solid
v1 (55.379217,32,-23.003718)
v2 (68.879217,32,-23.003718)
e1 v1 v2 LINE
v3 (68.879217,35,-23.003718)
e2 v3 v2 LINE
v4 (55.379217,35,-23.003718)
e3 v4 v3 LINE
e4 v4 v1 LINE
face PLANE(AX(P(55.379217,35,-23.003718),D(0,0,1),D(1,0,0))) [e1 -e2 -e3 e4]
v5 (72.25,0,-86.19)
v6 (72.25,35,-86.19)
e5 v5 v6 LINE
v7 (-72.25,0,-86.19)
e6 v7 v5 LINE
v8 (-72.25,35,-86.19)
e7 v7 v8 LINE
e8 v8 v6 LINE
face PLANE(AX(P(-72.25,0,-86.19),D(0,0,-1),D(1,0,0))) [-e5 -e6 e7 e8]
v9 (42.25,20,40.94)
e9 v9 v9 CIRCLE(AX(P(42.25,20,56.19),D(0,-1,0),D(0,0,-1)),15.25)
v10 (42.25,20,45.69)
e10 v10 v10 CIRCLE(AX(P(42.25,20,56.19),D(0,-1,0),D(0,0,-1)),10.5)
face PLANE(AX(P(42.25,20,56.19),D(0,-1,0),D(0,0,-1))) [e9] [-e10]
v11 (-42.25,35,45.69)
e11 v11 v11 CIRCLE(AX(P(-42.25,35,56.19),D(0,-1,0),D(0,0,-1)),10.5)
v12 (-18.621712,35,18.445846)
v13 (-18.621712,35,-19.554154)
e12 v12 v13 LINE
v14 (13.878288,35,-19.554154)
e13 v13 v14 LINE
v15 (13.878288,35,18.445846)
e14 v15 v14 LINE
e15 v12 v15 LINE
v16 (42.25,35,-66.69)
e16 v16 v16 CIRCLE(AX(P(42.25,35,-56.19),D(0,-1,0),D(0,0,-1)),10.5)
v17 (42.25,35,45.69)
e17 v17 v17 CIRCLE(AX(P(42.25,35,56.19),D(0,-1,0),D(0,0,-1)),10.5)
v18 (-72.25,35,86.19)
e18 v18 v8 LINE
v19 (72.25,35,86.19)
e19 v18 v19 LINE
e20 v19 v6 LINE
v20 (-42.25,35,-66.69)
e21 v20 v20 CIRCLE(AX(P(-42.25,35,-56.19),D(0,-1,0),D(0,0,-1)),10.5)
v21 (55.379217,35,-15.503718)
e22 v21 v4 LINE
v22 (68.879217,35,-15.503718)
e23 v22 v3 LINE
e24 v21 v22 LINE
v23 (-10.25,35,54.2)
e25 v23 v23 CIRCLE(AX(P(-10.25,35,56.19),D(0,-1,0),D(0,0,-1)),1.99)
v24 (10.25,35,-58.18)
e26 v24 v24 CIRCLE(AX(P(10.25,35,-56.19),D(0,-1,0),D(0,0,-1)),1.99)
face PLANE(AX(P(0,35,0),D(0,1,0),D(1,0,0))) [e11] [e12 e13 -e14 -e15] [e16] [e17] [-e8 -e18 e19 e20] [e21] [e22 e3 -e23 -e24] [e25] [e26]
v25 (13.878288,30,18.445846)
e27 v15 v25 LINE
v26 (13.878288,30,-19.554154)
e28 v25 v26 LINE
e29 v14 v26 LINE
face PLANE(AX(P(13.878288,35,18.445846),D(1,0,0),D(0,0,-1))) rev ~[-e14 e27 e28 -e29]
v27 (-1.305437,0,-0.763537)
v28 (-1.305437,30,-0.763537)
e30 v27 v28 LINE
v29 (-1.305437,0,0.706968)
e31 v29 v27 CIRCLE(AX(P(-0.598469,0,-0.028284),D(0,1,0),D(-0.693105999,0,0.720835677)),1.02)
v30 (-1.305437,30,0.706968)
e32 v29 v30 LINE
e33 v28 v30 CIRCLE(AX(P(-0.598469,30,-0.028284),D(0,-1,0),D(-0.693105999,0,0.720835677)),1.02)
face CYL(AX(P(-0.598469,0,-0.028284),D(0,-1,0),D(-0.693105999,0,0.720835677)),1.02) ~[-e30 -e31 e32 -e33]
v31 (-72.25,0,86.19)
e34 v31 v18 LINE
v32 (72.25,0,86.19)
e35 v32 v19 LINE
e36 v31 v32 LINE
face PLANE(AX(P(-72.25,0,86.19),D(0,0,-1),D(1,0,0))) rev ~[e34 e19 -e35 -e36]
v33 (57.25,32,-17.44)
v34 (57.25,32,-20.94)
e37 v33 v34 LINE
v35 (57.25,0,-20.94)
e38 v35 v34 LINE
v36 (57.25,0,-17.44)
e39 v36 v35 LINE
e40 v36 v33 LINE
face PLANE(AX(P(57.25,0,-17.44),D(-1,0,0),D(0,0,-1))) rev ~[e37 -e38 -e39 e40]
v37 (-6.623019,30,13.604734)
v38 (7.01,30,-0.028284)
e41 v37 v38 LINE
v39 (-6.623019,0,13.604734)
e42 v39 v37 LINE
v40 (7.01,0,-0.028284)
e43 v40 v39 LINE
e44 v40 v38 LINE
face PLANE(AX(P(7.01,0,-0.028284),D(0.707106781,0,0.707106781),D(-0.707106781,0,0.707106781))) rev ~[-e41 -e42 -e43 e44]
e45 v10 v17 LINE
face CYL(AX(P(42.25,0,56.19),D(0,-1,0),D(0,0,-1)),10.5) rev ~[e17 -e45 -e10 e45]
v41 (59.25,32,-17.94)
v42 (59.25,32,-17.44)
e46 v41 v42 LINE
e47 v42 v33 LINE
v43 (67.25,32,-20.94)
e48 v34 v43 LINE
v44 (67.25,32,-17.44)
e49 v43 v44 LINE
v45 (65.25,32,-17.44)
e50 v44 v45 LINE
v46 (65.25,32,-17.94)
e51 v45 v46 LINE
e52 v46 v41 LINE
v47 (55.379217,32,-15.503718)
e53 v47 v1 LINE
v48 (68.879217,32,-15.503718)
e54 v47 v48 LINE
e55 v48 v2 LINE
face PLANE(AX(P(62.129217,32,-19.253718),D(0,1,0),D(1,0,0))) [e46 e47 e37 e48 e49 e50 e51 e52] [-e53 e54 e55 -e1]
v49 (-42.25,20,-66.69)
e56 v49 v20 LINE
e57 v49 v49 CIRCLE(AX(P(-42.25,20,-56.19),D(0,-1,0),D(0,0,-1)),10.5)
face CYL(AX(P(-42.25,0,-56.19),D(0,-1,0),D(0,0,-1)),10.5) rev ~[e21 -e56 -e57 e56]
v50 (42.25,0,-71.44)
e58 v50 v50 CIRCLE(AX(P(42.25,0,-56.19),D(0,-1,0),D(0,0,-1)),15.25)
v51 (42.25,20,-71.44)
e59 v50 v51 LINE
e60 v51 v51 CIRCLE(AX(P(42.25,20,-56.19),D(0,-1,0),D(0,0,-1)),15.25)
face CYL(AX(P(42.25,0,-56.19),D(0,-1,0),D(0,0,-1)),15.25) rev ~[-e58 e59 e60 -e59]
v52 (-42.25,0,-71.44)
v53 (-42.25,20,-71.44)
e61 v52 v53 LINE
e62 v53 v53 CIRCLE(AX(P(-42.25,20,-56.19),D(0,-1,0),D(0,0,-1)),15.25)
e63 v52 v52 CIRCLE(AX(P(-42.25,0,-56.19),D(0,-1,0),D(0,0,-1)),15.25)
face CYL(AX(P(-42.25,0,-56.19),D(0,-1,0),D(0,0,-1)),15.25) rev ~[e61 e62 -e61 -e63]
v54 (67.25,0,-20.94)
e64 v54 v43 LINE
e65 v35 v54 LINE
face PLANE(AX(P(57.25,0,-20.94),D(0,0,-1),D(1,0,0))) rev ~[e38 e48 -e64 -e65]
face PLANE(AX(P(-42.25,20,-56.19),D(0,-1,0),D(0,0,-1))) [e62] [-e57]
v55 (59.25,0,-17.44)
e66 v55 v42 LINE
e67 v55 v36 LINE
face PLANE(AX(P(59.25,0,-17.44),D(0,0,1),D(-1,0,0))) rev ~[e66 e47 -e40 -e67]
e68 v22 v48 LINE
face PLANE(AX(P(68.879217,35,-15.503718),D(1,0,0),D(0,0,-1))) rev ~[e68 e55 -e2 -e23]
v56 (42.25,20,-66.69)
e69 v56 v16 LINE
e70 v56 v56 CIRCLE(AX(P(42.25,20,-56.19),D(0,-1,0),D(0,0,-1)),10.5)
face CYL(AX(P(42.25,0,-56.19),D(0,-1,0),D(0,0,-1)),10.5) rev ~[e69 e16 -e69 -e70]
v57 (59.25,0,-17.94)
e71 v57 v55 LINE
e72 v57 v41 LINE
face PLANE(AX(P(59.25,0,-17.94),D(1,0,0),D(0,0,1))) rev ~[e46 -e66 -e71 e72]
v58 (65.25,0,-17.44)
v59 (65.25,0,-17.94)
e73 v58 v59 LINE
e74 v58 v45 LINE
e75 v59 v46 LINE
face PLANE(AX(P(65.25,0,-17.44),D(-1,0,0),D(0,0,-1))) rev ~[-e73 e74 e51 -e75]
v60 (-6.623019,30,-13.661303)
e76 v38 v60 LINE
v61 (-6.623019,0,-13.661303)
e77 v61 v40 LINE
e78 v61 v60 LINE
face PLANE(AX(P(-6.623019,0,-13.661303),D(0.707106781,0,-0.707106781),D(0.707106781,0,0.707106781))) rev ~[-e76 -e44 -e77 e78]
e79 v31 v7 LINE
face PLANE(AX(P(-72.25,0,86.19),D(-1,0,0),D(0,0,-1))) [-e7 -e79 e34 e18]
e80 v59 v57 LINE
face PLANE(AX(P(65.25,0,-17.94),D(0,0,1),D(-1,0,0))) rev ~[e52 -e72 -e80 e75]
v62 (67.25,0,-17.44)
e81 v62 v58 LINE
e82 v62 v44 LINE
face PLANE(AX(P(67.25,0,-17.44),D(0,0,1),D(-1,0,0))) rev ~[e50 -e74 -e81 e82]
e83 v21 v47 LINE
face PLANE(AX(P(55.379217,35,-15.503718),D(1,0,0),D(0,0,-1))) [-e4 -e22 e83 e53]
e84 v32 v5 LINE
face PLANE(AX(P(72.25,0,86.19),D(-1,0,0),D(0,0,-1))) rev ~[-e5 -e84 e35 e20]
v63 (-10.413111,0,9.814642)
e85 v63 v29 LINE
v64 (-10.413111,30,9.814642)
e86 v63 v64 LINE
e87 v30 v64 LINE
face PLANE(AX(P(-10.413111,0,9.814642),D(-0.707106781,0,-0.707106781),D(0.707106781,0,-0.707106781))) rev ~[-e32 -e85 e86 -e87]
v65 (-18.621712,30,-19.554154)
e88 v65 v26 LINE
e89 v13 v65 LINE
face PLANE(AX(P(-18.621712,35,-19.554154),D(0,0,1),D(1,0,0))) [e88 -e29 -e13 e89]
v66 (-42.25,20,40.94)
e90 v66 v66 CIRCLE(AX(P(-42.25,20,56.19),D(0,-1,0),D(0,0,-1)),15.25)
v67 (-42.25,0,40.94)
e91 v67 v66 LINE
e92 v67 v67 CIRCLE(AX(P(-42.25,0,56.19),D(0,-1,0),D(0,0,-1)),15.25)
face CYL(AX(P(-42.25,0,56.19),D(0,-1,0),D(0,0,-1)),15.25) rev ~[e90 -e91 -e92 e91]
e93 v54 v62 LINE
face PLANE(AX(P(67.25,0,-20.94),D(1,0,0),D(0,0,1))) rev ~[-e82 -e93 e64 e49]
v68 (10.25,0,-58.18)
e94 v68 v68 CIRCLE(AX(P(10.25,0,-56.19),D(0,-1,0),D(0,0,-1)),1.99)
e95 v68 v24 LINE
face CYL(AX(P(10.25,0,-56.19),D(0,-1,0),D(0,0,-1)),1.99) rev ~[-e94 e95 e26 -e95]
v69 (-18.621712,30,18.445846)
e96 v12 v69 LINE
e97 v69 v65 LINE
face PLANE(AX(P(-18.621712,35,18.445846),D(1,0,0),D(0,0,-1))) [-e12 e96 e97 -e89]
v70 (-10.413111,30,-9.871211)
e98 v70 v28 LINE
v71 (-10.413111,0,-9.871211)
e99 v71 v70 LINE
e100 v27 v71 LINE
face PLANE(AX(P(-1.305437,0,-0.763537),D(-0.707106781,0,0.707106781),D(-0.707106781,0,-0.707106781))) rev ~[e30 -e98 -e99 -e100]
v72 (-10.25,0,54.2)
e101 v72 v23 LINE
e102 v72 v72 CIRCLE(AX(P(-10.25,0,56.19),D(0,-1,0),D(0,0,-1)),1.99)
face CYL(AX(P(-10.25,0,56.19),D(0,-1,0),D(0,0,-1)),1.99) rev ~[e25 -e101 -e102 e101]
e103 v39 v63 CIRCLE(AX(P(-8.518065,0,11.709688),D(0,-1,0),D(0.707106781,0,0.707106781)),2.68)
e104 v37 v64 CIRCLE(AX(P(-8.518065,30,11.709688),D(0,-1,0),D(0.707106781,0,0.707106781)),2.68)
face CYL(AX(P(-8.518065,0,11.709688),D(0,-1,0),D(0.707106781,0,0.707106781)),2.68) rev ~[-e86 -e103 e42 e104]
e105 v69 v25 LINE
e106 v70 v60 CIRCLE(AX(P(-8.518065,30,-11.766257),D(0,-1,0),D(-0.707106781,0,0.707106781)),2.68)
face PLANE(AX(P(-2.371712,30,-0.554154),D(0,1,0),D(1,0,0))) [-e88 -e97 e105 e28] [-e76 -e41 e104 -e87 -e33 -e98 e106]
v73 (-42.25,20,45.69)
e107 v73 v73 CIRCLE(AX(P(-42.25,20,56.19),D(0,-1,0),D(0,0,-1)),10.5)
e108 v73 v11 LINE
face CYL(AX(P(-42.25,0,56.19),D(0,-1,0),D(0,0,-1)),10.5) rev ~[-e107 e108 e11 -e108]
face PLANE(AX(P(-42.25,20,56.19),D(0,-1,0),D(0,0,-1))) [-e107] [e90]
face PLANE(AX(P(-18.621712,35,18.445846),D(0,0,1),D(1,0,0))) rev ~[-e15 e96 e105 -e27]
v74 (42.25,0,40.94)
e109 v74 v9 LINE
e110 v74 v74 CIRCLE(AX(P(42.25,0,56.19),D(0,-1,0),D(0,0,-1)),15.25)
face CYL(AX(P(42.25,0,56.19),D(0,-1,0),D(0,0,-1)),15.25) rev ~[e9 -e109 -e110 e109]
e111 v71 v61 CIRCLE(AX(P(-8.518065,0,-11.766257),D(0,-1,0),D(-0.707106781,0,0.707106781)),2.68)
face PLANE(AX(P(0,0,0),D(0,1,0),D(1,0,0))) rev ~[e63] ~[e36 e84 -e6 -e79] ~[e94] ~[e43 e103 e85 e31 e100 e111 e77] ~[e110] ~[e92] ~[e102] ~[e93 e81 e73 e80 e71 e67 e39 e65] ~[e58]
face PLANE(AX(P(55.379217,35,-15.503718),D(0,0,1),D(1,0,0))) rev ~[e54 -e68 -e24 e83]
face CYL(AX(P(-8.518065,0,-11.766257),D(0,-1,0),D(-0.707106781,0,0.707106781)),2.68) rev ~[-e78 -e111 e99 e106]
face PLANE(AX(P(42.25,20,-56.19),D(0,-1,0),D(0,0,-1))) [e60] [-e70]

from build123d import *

# Parameters (mm, degrees)
SKETCH1_W           = 144.5
SKETCH1_H           = 172.38
BOSS_EXTRUDE1_DEPTH = 35
SKETCH2_R           = 10.5
SKETCH2_R_2         = 1.99
CUT_EXTRUDE1_DEPTH  = 118.787005226
SKETCH3_R           = 15.25
CUT_EXTRUDE2_DEPTH  = 20
SKETCH4_W           = 32.5
SKETCH4_H           = 38
CUT_EXTRUDE3_DEPTH  = 5
SKETCH5_W           = 13.5
SKETCH5_H           = 7.5
CUT_EXTRUDE4_DEPTH  = 3
CUT_EXTRUDE5_DEPTH  = 80


with BuildPart() as part:
    # Sketch1 → Boss-Extrude1 (new body)
    with BuildSketch(Plane(origin=(0, 0, 0), x_dir=(1, 0, 0), z_dir=(0, 1, 0))):
        Rectangle(SKETCH1_W, SKETCH1_H)
    extrude(amount=BOSS_EXTRUDE1_DEPTH)

    # Sketch2 → Cut-Extrude1 (cut, through all)
    with BuildSketch(Plane.XZ):
        with Locations(Location((-42.25, -56.19, 0), (0, 0, 270))):
            Circle(SKETCH2_R)
        with Locations(Location((10.25, -56.19, 0), (0, 0, 270))):
            Circle(SKETCH2_R_2)
        with Locations(Location((42.25, -56.19, 0), (0, 0, 270))):
            Circle(SKETCH2_R)
        with Locations(Location((-10.25, 56.19, 0), (0, 0, 270))):
            Circle(SKETCH2_R_2)
        with Locations(Location((-42.25, 56.19, 0), (0, 0, 270))):
            Circle(SKETCH2_R)
        with Locations(Location((42.25, 56.19, 0), (0, 0, 270))):
            Circle(SKETCH2_R)
        Polygon((57.25, -20.94), (67.25, -20.94), (67.25, -17.44), (65.25, -17.44), (65.25, -17.94), (59.25, -17.94), (59.25, -17.44), (57.25, -17.44), align=None)
    extrude(amount=-CUT_EXTRUDE1_DEPTH, mode=Mode.SUBTRACT)

    # Sketch3 → Cut-Extrude2 (cut)
    with BuildSketch(Plane.XZ):
        with Locations(Location((-42.25, -56.19, 0), (0, 0, 270))):
            Circle(SKETCH3_R)
        with Locations(Location((42.25, -56.19, 0), (0, 0, 270))):
            Circle(SKETCH3_R)
        with Locations(Location((-42.25, 56.19, 0), (0, 0, 270))):
            Circle(SKETCH3_R)
        with Locations(Location((42.25, 56.19, 0), (0, 0, 270))):
            Circle(SKETCH3_R)
    extrude(amount=-CUT_EXTRUDE2_DEPTH, mode=Mode.SUBTRACT)

    # Sketch4 → Cut-Extrude3 (cut)
    with BuildSketch(Plane(origin=(0, 35, 0), x_dir=(1, 0, 0), z_dir=(0, 1, 0))):
        with Locations((-2.371711624, 0.554154498)):
            Rectangle(SKETCH4_W, SKETCH4_H)
    extrude(amount=-CUT_EXTRUDE3_DEPTH, mode=Mode.SUBTRACT)

    # Sketch5 → Cut-Extrude4 (cut)
    with BuildSketch(Plane(origin=(0, 35, 0), x_dir=(1, 0, 0), z_dir=(0, 1, 0))):
        with Locations((62.129216634, 19.25371769)):
            Rectangle(SKETCH5_W, SKETCH5_H)
    extrude(amount=-CUT_EXTRUDE4_DEPTH, mode=Mode.SUBTRACT)

    # Sketch6 → Cut-Extrude5 (cut)
    with BuildSketch(Plane.XZ):
        with BuildLine():
            Line((-1.305437085, -0.763536662), (-10.413111088, -9.871210665))
            ThreePointArc((-10.413111088, -9.871210665), (-10.413111088, -13.661303013), (-6.623018741, -13.661303013))
            Line((-6.623018741, -13.661303013), (7.01, -0.028284271))
            Line((7.01, -0.028284271), (-6.623018741, 13.60473447))
            ThreePointArc((-6.623018741, 13.60473447), (-10.413111088, 13.60473447), (-10.413111088, 9.814642123))
            Line((-10.413111088, 9.814642123), (-1.305437085, 0.706968119))
            ThreePointArc((-1.305437085, 0.706968119), (0.421531034, -0.028284271), (-1.305437085, -0.763536662))
        make_face()
    extrude(amount=-CUT_EXTRUDE5_DEPTH, mode=Mode.SUBTRACT)


solid = part.part
